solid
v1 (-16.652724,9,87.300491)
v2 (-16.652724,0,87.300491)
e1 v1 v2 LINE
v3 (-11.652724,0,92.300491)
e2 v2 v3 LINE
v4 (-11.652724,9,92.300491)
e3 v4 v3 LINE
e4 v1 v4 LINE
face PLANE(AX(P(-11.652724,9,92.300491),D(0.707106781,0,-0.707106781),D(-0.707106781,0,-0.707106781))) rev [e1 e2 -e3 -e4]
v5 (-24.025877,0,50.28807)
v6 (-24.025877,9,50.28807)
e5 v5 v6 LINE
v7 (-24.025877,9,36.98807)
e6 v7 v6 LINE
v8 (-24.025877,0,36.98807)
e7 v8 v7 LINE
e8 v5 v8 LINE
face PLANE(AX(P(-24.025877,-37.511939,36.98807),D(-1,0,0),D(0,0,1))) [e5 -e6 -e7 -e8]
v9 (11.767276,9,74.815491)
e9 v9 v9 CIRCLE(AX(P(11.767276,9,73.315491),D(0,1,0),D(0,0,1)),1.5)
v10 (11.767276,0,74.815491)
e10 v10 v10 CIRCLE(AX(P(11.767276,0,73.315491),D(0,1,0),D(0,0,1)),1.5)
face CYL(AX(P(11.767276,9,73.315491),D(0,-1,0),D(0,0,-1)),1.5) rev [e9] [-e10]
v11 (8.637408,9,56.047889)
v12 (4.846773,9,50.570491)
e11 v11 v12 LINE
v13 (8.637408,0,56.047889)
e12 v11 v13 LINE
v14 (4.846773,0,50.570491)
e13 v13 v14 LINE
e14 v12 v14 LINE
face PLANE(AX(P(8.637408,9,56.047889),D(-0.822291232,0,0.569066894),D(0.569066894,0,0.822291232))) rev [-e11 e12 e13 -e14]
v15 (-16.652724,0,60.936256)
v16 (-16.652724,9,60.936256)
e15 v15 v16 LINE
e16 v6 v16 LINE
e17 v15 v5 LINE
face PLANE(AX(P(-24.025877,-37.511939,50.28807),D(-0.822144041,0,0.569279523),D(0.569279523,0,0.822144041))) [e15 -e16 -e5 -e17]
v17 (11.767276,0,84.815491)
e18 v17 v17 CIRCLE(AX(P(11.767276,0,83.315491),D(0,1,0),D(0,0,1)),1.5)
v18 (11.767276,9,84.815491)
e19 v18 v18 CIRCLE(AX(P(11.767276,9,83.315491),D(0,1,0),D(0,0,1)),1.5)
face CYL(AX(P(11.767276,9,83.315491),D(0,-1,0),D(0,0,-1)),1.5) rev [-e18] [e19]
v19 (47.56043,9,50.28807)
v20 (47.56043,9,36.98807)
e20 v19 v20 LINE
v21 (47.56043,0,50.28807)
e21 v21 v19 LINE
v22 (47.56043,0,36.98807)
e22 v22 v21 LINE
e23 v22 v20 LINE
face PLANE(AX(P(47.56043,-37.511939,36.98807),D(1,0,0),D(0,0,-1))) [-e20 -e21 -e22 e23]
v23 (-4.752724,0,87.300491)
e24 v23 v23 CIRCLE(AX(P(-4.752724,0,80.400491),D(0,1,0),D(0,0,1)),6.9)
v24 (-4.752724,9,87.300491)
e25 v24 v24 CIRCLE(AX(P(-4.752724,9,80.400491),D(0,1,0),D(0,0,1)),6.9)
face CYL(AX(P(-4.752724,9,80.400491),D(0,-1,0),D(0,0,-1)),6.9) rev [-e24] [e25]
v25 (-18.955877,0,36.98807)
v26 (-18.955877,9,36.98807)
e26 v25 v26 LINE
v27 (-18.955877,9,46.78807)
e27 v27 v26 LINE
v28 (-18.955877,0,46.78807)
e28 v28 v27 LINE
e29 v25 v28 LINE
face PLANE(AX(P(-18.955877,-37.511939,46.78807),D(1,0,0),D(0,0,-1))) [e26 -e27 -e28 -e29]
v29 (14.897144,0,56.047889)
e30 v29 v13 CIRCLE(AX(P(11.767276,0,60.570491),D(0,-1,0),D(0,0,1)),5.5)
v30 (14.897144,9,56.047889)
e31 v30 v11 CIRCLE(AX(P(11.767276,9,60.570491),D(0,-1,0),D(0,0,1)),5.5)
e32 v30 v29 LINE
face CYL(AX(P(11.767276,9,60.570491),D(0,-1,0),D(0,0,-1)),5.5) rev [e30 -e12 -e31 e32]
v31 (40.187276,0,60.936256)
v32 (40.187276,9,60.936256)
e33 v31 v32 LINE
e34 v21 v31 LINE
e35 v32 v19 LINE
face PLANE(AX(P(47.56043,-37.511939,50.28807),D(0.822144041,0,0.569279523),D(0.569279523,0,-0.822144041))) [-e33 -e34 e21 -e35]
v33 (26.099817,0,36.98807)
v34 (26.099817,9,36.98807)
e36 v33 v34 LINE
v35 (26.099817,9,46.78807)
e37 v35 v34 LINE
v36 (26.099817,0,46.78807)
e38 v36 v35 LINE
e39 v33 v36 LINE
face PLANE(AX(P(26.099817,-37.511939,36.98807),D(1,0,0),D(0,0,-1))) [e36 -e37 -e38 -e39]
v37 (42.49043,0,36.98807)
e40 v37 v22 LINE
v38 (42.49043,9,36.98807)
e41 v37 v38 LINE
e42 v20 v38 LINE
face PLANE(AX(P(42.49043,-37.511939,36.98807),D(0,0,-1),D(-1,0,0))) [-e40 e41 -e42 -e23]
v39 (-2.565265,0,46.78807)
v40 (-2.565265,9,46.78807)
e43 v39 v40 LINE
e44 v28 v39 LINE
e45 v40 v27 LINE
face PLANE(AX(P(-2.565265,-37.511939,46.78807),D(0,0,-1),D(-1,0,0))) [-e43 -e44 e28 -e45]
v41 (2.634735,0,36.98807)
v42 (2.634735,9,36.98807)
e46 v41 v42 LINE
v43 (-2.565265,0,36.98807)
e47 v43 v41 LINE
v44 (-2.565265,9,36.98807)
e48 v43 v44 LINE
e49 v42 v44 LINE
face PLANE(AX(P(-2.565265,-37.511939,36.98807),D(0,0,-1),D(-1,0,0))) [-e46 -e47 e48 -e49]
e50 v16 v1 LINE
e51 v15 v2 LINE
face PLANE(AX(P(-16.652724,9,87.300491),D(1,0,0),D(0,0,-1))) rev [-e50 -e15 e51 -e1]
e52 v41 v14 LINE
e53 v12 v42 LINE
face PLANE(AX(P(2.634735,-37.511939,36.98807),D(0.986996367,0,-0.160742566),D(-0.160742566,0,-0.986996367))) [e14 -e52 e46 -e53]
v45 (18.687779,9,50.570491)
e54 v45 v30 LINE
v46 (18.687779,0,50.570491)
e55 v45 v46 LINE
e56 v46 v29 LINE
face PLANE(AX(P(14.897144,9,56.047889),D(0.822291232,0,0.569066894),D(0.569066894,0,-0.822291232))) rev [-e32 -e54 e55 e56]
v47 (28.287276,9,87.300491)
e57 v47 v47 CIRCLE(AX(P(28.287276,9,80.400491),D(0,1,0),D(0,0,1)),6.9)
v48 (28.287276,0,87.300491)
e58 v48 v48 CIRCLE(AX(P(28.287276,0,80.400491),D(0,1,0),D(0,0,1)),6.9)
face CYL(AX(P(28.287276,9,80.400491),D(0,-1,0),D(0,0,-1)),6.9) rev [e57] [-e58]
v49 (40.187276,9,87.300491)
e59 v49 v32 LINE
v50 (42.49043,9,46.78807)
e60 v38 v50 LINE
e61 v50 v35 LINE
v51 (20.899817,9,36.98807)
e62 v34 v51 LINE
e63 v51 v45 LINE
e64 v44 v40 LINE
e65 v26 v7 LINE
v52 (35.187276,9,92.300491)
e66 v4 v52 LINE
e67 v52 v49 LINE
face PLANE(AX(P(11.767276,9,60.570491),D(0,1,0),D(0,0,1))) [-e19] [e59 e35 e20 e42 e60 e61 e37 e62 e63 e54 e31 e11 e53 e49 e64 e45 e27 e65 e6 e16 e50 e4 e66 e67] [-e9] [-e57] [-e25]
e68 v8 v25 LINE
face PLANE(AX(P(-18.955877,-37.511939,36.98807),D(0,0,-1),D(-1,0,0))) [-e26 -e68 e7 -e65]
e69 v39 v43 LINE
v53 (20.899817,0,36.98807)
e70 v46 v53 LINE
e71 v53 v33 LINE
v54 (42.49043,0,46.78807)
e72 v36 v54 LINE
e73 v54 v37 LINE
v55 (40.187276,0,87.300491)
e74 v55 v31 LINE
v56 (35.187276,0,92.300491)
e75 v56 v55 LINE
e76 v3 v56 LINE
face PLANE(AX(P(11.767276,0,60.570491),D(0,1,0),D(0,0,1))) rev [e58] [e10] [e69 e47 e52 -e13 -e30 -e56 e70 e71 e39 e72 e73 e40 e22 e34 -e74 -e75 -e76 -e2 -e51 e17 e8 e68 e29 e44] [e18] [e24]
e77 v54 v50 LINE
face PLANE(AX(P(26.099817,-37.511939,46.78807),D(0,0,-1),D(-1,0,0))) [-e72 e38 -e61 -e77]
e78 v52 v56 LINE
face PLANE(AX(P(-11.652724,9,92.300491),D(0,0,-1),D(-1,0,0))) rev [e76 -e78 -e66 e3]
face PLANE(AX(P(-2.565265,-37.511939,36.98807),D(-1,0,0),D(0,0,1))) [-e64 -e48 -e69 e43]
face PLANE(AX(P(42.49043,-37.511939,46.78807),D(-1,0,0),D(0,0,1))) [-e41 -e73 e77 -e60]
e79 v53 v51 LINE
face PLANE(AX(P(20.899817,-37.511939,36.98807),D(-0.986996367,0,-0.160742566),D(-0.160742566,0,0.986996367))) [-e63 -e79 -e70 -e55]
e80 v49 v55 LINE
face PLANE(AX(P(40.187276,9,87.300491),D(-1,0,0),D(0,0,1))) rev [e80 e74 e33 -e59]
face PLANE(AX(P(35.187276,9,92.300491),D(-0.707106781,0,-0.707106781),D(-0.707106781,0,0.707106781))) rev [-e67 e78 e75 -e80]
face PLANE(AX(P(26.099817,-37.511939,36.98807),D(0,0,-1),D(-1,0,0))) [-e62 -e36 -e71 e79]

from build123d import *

# Parameters (mm, degrees)
SKETCH1_R           = 1.5
SKETCH1_R_2         = 6.9
BOSS_EXTRUDE1_DEPTH = 9
BOSS_EXTRUDE2_DEPTH = 9


with BuildPart() as part:
    # Sketch1 → Boss-Extrude1 (new body)
    with BuildSketch(Plane(origin=(0, 0, 0), x_dir=(1, 0, 0), z_dir=(0, 1, 0))):
        with BuildLine():
            Line((-11.652723828, -50.570490945), (4.846773171, -50.570490945))
            Line((4.846773171, -50.570490945), (8.637408256, -56.047889168))
            ThreePointArc((8.637408256, -56.047889168), (11.767276172, -66.070490945), (14.897144088, -56.047889168))
            Line((14.897144088, -56.047889168), (18.687779173, -50.570490945))
            Line((18.687779173, -50.570490945), (35.187276172, -50.570490945))
            Line((35.187276172, -50.570490945), (40.187276172, -55.570490945))
            Line((40.187276172, -55.570490945), (40.187276172, -87.300490945))
            Line((40.187276172, -87.300490945), (35.187276172, -92.300490945))
            Line((35.187276172, -92.300490945), (-11.652723828, -92.300490945))
            Line((-11.652723828, -92.300490945), (-16.652723828, -87.300490945))
            Line((-16.652723828, -87.300490945), (-16.652723828, -55.570490945))
            Line((-16.652723828, -55.570490945), (-11.652723828, -50.570490945))
        make_face()
        with Locations(Location((11.767276172, -73.315490945, 0), (0, 0, 270))):
            Circle(SKETCH1_R, mode=Mode.SUBTRACT)
        with Locations(Location((11.767276172, -83.315490945, 0), (0, 0, 270))):
            Circle(SKETCH1_R, mode=Mode.SUBTRACT)
        with Locations(Location((-4.752723828, -80.400490945, 0), (0, 0, 270))):
            Circle(SKETCH1_R_2, mode=Mode.SUBTRACT)
        with Locations(Location((28.287276172, -80.400490945, 0), (0, 0, 270))):
            Circle(SKETCH1_R_2, mode=Mode.SUBTRACT)
    extrude(amount=BOSS_EXTRUDE1_DEPTH)

    # Sketch2 → Boss-Extrude2 (add)
    with BuildSketch(Plane(origin=(0, 9, 0), x_dir=(1, 0, 0), z_dir=(0, 1, 0))):
        Polygon((26.099816941, -36.988069685), (20.899816941, -36.988069685), (18.687779173, -50.570490945), (35.187276172, -50.570490945), (40.187276172, -55.570490945), (40.187276172, -60.936255598), (47.560429658, -50.288069685), (47.560429658, -36.988069685), (42.490429658, -36.988069685), (42.490429658, -46.788069685), (26.099816941, -46.788069685), align=None)
        Polygon((-18.955877314, -36.988069685), (-24.025877314, -36.988069685), (-24.025877314, -50.288069685), (-16.652723828, -60.936255598), (-16.652723828, -55.570490945), (-11.652723828, -50.570490945), (4.846773171, -50.570490945), (2.634735403, -36.988069685), (-2.565264597, -36.988069685), (-2.565264597, -46.788069685), (-18.955877314, -46.788069685), align=None)
    extrude(amount=-BOSS_EXTRUDE2_DEPTH)


solid = part.part
